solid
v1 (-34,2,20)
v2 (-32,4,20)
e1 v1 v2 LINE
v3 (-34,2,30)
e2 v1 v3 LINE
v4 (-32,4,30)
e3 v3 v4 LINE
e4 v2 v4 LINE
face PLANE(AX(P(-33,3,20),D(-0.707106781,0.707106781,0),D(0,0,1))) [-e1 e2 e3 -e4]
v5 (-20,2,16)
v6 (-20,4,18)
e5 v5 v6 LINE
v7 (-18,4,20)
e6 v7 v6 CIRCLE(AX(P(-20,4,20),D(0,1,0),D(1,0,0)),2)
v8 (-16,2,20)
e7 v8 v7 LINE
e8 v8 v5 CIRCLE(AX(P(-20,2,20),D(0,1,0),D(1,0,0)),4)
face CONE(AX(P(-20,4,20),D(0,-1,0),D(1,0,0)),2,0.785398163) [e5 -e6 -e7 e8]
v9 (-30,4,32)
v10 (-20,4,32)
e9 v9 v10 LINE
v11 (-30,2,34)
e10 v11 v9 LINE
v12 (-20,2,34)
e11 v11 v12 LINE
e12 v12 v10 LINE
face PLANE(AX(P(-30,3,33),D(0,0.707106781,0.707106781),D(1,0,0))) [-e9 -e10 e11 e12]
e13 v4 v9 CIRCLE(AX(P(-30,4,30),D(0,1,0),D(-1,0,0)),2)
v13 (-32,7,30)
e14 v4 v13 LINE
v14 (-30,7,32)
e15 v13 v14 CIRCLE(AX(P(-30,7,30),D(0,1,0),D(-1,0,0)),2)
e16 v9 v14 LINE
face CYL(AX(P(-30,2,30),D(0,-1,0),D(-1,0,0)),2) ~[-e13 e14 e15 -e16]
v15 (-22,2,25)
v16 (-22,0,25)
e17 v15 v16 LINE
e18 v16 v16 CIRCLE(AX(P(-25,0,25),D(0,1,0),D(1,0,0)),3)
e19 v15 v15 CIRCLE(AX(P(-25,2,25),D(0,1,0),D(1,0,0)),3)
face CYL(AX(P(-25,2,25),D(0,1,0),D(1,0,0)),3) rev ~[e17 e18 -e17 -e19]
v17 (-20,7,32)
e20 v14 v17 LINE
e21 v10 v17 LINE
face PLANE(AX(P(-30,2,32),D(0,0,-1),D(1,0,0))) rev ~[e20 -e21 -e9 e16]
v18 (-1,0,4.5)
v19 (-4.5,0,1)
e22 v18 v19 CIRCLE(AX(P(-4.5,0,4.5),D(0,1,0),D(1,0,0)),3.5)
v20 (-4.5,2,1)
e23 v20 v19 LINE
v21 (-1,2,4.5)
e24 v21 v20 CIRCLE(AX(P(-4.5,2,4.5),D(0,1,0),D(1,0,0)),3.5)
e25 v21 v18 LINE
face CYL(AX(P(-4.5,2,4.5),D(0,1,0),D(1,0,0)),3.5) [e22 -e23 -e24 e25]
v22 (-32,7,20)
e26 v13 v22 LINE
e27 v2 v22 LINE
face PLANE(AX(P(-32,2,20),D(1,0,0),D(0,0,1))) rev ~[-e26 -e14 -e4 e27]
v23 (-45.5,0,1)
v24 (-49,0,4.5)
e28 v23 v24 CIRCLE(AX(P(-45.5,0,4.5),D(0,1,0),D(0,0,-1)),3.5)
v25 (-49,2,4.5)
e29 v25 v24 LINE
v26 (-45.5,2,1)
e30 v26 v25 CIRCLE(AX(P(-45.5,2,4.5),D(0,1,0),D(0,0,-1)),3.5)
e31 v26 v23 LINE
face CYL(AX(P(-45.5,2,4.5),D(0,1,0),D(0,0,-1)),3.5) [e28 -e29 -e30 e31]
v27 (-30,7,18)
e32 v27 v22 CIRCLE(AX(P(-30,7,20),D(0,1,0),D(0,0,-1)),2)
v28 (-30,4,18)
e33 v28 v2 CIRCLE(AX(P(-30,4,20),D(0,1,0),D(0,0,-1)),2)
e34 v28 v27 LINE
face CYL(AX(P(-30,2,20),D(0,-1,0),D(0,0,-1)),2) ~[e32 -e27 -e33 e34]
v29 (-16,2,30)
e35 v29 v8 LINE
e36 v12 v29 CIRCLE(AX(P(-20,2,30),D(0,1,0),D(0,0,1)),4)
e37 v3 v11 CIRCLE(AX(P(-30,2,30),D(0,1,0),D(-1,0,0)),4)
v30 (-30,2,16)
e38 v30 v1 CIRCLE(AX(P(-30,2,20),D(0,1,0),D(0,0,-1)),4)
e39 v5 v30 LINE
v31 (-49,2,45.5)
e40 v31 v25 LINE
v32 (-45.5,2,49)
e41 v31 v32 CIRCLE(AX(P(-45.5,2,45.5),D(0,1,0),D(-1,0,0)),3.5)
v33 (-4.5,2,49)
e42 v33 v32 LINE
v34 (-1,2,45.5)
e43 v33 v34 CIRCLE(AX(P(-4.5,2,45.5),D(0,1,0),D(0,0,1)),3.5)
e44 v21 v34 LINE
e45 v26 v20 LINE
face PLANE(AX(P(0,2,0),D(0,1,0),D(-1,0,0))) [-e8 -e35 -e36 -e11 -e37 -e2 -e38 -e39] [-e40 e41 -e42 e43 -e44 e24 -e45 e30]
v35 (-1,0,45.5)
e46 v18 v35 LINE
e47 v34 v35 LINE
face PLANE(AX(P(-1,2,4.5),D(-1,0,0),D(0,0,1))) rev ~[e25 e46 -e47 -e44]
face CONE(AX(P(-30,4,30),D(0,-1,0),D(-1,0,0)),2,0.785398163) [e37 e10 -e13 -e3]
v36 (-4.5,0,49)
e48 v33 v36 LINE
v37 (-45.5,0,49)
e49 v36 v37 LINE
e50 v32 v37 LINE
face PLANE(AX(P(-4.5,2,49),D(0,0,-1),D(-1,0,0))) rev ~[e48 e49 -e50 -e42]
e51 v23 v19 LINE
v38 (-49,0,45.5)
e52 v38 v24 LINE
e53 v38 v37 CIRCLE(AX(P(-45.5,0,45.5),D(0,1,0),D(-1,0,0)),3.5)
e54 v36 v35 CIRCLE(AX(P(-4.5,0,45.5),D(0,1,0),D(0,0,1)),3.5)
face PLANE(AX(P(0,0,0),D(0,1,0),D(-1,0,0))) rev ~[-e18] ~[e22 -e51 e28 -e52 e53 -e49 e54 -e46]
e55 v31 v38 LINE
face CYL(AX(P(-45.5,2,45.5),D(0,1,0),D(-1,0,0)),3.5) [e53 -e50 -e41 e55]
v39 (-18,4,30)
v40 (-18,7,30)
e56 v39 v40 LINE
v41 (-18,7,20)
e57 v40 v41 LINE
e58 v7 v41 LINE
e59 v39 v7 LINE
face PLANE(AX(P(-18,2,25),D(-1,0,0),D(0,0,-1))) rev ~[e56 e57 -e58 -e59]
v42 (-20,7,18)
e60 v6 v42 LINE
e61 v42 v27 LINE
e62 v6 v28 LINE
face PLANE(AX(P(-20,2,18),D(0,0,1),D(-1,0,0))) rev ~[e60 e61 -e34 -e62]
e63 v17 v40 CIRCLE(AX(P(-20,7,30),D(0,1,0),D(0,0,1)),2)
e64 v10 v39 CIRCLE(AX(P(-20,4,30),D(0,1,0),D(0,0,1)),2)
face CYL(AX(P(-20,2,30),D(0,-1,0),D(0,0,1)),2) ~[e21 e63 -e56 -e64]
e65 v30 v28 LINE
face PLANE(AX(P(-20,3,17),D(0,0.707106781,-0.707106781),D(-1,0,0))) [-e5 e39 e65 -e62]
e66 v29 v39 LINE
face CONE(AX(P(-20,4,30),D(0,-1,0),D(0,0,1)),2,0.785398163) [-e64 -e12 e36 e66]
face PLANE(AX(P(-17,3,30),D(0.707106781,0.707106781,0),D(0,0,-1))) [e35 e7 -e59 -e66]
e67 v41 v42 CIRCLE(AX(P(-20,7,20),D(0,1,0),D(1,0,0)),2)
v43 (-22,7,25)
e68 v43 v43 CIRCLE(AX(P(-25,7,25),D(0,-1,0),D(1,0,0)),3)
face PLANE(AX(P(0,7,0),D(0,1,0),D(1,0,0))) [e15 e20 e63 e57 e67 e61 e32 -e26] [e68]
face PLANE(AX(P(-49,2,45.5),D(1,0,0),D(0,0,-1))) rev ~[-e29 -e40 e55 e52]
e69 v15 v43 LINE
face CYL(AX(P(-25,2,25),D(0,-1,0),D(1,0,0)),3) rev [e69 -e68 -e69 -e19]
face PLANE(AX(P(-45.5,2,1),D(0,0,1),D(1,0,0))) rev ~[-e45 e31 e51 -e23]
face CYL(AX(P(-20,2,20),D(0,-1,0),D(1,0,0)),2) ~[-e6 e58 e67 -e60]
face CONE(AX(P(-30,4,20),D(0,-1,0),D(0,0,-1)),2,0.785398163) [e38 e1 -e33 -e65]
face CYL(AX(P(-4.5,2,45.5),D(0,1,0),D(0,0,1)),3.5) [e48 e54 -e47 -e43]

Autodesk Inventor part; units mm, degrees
ref_plane "YZ Plane" through (0, 0, 0) normal (1, 0, 0) x (0, 1, 0)
ref_plane "XZ Plane" through (0, 0, 0) normal (0, 1, 0) x (-1, 0, 0)
ref_plane "XY Plane" through (0, 0, 0) normal (0, 0, 1) x (1, 0, 0)
sketch "Эскиз1" plane through (0, 0, 0) normal (0, 1, 0) x (-1, 0, 0)
  line L0 (4.5, 0) -> (45.5, 0)
  line L1 (50, 4.5) -> (50, 45.5)
  line L2 (45.5, 50) -> (4.5, 50)
  line L3 (0, 45.5) -> (0, 4.5)
  arc A0 (50, 45.5) -> (45.5, 50) centre (45.5, 45.5) ccw
  arc A1 (45.5, 0) -> (50, 4.5) centre (45.5, 4.5) ccw
  arc A2 (4.5, 50) -> (0, 45.5) centre (4.5, 45.5) ccw
  arc A3 (0, 4.5) -> (4.5, 0) centre (4.5, 4.5) ccw
  point P0 (0, 0)
  point P1 (50, 50)
  point P2 (50, 0)
  point P3 (0, 50)
  dimension "d0" = 50
  dimension "d1" = 50
  dimension "d2" = 4.5
  dimension "d3" = 4.5
  dimension "d4" = 4.5
  dimension "d5" = 4.5
extrude "Выдавливание1" add sketch "Эскиз1" along normal blind 2
sketch "Эскиз2" plane through (0, 2, 0) normal (0, 1, 0) x (1, 0, 0)
  line L0 (-50, -4.5) -> (-50, -45.5) projected
  line L1 (-50, -25) -> (0, -25)
  line L2 (0, -45.5) -> (0, -4.5) projected
  circle A0 centre (-25, -25) radius 3
  arc A1 (-45.5, 0) -> (-50, -4.5) centre (-45.5, -4.5) ccw projected
  line L3 (-50, -4.5) -> (-50, -45.5) projected
  arc A2 (-50, -45.5) -> (-45.5, -50) centre (-45.5, -45.5) ccw projected
  line L4 (-45.5, -50) -> (-4.5, -50) projected
  arc A3 (-4.5, -50) -> (0, -45.5) centre (-4.5, -45.5) ccw projected
  line L5 (0, -45.5) -> (0, -4.5) projected
  arc A4 (0, -4.5) -> (-4.5, 0) centre (-4.5, -4.5) ccw projected
  line L6 (-4.5, 0) -> (-45.5, 0) projected
  line L7 (-30, -32) -> (-20, -32)
  line L8 (-18, -30) -> (-18, -20)
  line L9 (-20, -18) -> (-30, -18)
  line L10 (-32, -20) -> (-32, -30)
  line L11 (-32, -32) -> (-18, -18) construction
  line L12 (-18, -32) -> (-32, -18) construction
  arc A5 (-30, -18) -> (-32, -20) centre (-30, -20) ccw
  arc A6 (-32, -30) -> (-30, -32) centre (-30, -30) ccw
  arc A7 (-20, -32) -> (-18, -30) centre (-20, -30) ccw
  arc A8 (-18, -20) -> (-20, -18) centre (-20, -20) ccw
  point P0 (0, 0)
  dimension "d8" = 6
  dimension "d9" = 14
  dimension "d10" = 14
  dimension "d11" = 2
  dimension "d12" = 2
extrude "Выдавливание2" add sketch "Эскиз2" along normal blind 5 contours L10 A5 L9 A8 L8 L1 A0 | L1 A0 L8 A7 L7 A6 L10
chamfer "Фаска1" distance 2 angle 45 8 edges at (-25, 2, 32) (-31.4142, 2, 31.4142) (-32, 2, 25) (-31.4142, 2, 18.5858) (-25, 2, 18) (-18.5858, 2, 18.5858) (-18, 2, 25) (-18.5858, 2, 31.4142)
extrude "Выдавливание3" cut sketch "Эскиз2" against normal blind 5 contours A0 L1 | L1 A0
thread "Резьба1" size "M6x1" class "6H" standard "ANSI Metric M Profile" full length
sketch "Эскиз3" plane through (0, 2, 0) normal (0, 1, 0) x (1, 0, 0)
  arc A0 (-45.5, 0) -> (-50, -4.5) centre (-45.5, -4.5) ccw projected
  line L0 (-50, -4.5) -> (-50, -45.5) projected
  arc A1 (-50, -45.5) -> (-45.5, -50) centre (-45.5, -45.5) ccw projected
  line L1 (-45.5, -50) -> (-4.5, -50) projected
  arc A2 (-4.5, -50) -> (0, -45.5) centre (-4.5, -45.5) ccw projected
  line L2 (0, -45.5) -> (0, -4.5) projected
  arc A3 (0, -4.5) -> (-4.5, 0) centre (-4.5, -4.5) ccw projected
  line L3 (-4.5, 0) -> (-45.5, 0) projected
  line L4 (-30, -34) -> (-20, -34) projected
  arc A4 (-34, -30) -> (-30, -34) centre (-30, -30) ccw projected
  line L5 (-34, -20) -> (-34, -30) projected
  arc A5 (-30, -16) -> (-34, -20) centre (-30, -20) ccw projected
  line L6 (-20, -16) -> (-30, -16) projected
  arc A6 (-16, -20) -> (-20, -16) centre (-20, -20) ccw projected
  line L7 (-16, -30) -> (-16, -20) projected
  arc A7 (-20, -34) -> (-16, -30) centre (-20, -30) ccw projected
  line L8 (-1, -4.5) -> (-1, -45.5)
  arc A8 (-4.5, -49) -> (-1, -45.5) centre (-4.5, -45.5) ccw
  line L9 (-4.5, -49) -> (-45.5, -49)
  arc A9 (-49, -45.5) -> (-45.5, -49) centre (-45.5, -45.5) ccw
  line L10 (-49, -45.5) -> (-49, -4.5)
  arc A10 (-45.5, -1) -> (-49, -4.5) centre (-45.5, -4.5) ccw
  line L11 (-45.5, -1) -> (-4.5, -1)
  arc A11 (-1, -4.5) -> (-4.5, -1) centre (-4.5, -4.5) ccw
  point P0 (0, 0)
  dimension "d22" = 1
extrude "Выдавливание4" cut sketch "Эскиз3" against normal blind 10 contours L3 A3 L2 A2 L1 A1 L0 A0
properties part number "Bottom_contact" material "Сталь нержавеющая AISI 202"
